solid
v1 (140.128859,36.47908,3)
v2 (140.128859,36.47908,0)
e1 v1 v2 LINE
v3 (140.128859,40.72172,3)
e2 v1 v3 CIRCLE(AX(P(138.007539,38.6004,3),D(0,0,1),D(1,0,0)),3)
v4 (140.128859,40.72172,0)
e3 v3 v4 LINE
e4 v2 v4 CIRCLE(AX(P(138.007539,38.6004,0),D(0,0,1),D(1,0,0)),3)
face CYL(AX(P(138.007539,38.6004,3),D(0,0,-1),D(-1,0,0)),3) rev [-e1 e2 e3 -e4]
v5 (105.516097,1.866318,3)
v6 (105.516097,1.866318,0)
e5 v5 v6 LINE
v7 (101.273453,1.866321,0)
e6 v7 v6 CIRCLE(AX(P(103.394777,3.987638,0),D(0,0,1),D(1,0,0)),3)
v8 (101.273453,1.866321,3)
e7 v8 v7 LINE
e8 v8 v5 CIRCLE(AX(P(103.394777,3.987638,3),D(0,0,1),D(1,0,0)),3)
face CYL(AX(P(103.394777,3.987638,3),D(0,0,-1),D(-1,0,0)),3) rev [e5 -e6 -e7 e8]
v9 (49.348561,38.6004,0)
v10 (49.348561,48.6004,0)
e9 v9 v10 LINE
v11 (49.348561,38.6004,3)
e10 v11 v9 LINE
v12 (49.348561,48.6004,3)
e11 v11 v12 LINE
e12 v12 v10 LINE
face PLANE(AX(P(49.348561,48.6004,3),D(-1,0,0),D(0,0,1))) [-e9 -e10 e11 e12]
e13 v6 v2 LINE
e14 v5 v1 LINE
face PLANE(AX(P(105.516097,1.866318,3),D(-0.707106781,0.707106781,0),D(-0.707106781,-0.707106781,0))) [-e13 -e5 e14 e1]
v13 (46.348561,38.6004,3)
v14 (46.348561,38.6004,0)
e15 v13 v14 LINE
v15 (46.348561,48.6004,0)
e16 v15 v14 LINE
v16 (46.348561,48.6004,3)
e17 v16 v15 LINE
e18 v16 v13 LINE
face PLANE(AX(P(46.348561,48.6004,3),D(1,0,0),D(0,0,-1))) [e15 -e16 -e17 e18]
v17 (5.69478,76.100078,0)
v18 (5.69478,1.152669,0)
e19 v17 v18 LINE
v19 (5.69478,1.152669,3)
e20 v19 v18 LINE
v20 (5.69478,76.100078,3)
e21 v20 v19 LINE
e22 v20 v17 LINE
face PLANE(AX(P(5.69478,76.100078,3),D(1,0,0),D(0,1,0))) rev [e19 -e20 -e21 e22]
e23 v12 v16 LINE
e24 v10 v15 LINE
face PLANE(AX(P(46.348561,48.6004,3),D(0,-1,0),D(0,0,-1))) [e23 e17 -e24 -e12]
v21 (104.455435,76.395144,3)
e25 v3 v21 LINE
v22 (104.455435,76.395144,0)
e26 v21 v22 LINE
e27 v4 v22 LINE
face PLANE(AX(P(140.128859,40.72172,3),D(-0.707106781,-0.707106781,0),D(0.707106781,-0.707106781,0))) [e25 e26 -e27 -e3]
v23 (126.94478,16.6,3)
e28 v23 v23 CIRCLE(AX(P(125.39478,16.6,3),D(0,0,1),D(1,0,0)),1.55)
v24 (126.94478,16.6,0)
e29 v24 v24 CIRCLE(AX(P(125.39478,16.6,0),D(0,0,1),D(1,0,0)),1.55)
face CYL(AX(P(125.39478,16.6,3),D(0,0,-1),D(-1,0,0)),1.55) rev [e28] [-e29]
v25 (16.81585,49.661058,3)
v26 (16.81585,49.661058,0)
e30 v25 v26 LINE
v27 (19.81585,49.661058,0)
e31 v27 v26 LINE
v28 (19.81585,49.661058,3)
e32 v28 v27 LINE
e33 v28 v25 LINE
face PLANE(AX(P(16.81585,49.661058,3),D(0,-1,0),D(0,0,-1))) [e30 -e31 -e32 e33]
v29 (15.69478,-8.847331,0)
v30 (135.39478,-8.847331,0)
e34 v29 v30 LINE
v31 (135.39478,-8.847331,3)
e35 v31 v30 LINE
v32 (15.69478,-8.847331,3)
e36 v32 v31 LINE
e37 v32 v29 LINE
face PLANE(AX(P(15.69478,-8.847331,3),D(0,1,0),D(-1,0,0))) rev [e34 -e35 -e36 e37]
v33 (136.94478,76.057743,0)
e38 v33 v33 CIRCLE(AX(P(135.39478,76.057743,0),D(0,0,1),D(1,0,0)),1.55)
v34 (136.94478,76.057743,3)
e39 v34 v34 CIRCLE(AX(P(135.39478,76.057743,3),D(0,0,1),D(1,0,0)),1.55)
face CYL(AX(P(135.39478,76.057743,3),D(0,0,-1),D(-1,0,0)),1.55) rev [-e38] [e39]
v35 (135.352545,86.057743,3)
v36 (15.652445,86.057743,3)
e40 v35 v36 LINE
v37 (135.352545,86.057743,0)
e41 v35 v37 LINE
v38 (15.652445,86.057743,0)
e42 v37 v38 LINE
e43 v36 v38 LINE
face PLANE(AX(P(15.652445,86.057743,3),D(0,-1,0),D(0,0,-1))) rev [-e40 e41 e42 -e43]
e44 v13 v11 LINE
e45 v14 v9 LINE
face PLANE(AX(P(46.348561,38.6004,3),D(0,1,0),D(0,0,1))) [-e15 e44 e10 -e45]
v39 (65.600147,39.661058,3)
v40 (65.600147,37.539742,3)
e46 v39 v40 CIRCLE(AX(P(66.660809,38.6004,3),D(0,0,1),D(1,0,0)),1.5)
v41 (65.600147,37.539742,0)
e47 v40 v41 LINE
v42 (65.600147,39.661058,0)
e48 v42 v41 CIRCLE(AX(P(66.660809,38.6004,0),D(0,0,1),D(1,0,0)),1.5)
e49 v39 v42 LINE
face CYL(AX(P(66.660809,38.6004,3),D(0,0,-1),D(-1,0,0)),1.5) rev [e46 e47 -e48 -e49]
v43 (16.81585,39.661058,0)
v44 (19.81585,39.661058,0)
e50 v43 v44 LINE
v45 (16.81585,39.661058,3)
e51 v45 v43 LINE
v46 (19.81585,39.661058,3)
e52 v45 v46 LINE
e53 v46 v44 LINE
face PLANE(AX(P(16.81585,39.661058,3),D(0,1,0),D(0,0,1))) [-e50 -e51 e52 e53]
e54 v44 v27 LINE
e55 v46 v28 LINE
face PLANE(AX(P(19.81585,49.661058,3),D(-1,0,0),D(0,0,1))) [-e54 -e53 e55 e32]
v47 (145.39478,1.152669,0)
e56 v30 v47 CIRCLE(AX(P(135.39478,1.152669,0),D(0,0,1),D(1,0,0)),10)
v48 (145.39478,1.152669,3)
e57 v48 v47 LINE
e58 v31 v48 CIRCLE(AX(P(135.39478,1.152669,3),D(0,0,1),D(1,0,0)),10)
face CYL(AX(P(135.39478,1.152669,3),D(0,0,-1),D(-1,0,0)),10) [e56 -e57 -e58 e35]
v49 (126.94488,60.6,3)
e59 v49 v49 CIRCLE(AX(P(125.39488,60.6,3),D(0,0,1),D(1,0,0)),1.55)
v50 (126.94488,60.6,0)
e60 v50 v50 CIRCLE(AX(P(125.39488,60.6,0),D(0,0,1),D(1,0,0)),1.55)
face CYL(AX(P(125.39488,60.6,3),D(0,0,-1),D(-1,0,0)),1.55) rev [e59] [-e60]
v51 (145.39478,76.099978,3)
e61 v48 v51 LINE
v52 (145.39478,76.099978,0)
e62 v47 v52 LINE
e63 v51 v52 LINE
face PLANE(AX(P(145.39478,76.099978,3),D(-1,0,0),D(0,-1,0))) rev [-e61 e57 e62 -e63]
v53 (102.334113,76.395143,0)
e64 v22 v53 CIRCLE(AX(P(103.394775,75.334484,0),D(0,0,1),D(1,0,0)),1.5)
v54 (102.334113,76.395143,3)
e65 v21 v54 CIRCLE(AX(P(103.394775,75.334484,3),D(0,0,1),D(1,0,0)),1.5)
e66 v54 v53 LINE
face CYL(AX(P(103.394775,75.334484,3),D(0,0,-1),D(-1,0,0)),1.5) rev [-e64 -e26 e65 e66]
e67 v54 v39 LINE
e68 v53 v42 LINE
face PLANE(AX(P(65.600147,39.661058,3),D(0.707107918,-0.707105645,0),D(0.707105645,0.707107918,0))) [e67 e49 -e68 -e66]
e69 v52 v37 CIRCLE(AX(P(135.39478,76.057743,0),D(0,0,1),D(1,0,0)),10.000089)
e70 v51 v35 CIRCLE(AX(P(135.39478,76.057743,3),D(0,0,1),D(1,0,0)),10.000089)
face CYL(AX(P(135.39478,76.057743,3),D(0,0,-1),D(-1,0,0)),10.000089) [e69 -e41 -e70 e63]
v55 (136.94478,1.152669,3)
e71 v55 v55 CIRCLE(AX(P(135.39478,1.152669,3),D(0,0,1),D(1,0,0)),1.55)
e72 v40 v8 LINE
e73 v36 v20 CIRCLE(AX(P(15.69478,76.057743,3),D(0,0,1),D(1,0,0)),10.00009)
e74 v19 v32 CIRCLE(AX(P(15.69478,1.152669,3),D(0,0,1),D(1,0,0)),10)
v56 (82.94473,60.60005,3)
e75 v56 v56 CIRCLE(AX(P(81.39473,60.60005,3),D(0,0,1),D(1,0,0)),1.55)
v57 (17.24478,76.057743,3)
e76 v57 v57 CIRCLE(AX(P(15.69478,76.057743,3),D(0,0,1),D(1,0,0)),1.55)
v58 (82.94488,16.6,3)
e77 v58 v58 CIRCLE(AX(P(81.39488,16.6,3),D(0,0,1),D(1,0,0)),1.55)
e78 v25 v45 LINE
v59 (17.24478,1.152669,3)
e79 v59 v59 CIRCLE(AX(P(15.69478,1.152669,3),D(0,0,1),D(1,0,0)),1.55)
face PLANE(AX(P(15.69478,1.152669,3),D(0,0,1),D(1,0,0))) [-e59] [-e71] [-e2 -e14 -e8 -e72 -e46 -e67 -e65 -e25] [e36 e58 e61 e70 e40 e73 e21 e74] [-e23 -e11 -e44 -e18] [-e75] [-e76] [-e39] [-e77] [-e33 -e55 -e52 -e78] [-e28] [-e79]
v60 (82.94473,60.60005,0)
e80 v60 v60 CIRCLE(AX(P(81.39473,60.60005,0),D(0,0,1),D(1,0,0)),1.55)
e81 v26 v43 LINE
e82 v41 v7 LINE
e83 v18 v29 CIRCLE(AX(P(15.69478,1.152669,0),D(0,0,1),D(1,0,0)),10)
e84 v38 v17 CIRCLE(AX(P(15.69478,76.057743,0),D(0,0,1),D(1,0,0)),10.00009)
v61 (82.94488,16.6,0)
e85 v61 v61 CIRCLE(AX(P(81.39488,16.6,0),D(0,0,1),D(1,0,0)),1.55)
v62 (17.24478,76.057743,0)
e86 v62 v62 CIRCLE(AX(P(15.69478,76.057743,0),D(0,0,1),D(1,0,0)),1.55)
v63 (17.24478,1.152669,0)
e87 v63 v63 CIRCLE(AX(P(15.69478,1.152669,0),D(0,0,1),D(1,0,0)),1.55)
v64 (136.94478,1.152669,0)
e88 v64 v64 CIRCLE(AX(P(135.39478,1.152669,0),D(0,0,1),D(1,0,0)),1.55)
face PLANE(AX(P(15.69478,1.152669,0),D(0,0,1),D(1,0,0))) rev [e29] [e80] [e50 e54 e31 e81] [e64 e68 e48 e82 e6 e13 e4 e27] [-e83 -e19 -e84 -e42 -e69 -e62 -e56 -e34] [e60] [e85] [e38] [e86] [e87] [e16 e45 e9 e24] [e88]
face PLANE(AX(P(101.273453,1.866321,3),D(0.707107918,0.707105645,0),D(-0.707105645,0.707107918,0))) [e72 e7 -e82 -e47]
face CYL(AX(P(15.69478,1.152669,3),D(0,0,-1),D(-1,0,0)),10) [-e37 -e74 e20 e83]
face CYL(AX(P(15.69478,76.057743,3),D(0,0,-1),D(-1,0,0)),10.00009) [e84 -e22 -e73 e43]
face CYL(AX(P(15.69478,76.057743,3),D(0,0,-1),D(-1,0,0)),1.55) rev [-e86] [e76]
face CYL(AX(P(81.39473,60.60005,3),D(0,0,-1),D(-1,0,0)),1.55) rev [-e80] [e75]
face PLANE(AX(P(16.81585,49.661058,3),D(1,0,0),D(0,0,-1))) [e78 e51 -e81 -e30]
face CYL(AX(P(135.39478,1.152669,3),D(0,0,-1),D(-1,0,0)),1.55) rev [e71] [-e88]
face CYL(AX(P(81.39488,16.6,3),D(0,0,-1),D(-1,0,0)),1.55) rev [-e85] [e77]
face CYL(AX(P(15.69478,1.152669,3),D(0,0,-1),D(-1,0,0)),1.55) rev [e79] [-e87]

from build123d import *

# Parameters (mm, degrees)
MODEL_R             = 1.550000002
MODEL_R_2           = 1.550000003
MODEL_R_3           = 1.55
MODEL_W             = 3
MODEL_H             = 10
BOSS_EXTRUDE1_DEPTH = 3


with BuildPart() as part:
    # Model → Boss-Extrude1 (new body)
    with BuildSketch(Plane.XY):
        with BuildLine():
            Line((15.694779571, -8.847330863), (135.394779571, -8.847330863))
            ThreePointArc((135.394779571, -8.847330863), (142.465847383, -5.918398675), (145.394779571, 1.152669137))
            Line((145.394779571, 1.152669137), (145.394779571, 76.099977642))
            ThreePointArc((145.394779571, 76.099977642), (142.435982738, 83.158675114), (135.352544586, 86.057742657))
            Line((135.352544586, 86.057742657), (15.652444586, 86.057742657))
            ThreePointArc((15.652444586, 86.057742657), (8.623648393, 83.128873835), (5.694779571, 76.100077642))
            Line((5.694779571, 76.100077642), (5.694779571, 1.152669137))
            ThreePointArc((5.694779571, 1.152669137), (8.623711759, -5.918398675), (15.694779571, -8.847330863))
        make_face()
        with Locations((81.394879569, 16.599999996)):
            Circle(MODEL_R, mode=Mode.SUBTRACT)
        with Locations((81.394729575, 60.600050002)):
            Circle(MODEL_R, mode=Mode.SUBTRACT)
        with Locations((125.394779569, 16.6)):
            Circle(MODEL_R, mode=Mode.SUBTRACT)
        with Locations((125.394879569, 60.599999996)):
            Circle(MODEL_R, mode=Mode.SUBTRACT)
        with Locations((135.394779571, 76.057742657)):
            Circle(MODEL_R_2, mode=Mode.SUBTRACT)
        with Locations((135.394779571, 1.152669137)):
            Circle(MODEL_R_2, mode=Mode.SUBTRACT)
        with Locations((15.694779571, 76.057742657)):
            Circle(MODEL_R_2, mode=Mode.SUBTRACT)
        with Locations((15.694779571, 1.152669137)):
            Circle(MODEL_R_3, mode=Mode.SUBTRACT)
        with BuildLine():
            Line((101.273453006, 1.866320938), (65.600147072, 37.539741531))
            ThreePointArc((65.600147072, 37.539741531), (65.160808948, 38.600399998), (65.600147072, 39.661058465))
            Line((65.600147072, 39.661058465), (102.334113177, 76.395142639))
            ThreePointArc((102.334113177, 76.395142639), (103.394773848, 76.834484172), (104.455435225, 76.395144343))
            Line((104.455435225, 76.395144343), (140.128859227, 40.721720342))
            ThreePointArc((140.128859227, 40.721720342), (141.007538884, 38.600399998), (140.128859227, 36.479079655))
            Line((140.128859227, 36.479079655), (105.516097102, 1.866317529))
            ThreePointArc((105.516097102, 1.866317529), (103.394774348, 0.987637873), (101.273453006, 1.866320938))
        make_face(mode=Mode.SUBTRACT)
        with Locations((18.315849629, 44.661058465)):
            Rectangle(MODEL_W, MODEL_H, mode=Mode.SUBTRACT)
        with Locations((47.848560539, 43.600399998)):
            Rectangle(MODEL_W, MODEL_H, mode=Mode.SUBTRACT)
    extrude(amount=BOSS_EXTRUDE1_DEPTH)


solid = part.part
